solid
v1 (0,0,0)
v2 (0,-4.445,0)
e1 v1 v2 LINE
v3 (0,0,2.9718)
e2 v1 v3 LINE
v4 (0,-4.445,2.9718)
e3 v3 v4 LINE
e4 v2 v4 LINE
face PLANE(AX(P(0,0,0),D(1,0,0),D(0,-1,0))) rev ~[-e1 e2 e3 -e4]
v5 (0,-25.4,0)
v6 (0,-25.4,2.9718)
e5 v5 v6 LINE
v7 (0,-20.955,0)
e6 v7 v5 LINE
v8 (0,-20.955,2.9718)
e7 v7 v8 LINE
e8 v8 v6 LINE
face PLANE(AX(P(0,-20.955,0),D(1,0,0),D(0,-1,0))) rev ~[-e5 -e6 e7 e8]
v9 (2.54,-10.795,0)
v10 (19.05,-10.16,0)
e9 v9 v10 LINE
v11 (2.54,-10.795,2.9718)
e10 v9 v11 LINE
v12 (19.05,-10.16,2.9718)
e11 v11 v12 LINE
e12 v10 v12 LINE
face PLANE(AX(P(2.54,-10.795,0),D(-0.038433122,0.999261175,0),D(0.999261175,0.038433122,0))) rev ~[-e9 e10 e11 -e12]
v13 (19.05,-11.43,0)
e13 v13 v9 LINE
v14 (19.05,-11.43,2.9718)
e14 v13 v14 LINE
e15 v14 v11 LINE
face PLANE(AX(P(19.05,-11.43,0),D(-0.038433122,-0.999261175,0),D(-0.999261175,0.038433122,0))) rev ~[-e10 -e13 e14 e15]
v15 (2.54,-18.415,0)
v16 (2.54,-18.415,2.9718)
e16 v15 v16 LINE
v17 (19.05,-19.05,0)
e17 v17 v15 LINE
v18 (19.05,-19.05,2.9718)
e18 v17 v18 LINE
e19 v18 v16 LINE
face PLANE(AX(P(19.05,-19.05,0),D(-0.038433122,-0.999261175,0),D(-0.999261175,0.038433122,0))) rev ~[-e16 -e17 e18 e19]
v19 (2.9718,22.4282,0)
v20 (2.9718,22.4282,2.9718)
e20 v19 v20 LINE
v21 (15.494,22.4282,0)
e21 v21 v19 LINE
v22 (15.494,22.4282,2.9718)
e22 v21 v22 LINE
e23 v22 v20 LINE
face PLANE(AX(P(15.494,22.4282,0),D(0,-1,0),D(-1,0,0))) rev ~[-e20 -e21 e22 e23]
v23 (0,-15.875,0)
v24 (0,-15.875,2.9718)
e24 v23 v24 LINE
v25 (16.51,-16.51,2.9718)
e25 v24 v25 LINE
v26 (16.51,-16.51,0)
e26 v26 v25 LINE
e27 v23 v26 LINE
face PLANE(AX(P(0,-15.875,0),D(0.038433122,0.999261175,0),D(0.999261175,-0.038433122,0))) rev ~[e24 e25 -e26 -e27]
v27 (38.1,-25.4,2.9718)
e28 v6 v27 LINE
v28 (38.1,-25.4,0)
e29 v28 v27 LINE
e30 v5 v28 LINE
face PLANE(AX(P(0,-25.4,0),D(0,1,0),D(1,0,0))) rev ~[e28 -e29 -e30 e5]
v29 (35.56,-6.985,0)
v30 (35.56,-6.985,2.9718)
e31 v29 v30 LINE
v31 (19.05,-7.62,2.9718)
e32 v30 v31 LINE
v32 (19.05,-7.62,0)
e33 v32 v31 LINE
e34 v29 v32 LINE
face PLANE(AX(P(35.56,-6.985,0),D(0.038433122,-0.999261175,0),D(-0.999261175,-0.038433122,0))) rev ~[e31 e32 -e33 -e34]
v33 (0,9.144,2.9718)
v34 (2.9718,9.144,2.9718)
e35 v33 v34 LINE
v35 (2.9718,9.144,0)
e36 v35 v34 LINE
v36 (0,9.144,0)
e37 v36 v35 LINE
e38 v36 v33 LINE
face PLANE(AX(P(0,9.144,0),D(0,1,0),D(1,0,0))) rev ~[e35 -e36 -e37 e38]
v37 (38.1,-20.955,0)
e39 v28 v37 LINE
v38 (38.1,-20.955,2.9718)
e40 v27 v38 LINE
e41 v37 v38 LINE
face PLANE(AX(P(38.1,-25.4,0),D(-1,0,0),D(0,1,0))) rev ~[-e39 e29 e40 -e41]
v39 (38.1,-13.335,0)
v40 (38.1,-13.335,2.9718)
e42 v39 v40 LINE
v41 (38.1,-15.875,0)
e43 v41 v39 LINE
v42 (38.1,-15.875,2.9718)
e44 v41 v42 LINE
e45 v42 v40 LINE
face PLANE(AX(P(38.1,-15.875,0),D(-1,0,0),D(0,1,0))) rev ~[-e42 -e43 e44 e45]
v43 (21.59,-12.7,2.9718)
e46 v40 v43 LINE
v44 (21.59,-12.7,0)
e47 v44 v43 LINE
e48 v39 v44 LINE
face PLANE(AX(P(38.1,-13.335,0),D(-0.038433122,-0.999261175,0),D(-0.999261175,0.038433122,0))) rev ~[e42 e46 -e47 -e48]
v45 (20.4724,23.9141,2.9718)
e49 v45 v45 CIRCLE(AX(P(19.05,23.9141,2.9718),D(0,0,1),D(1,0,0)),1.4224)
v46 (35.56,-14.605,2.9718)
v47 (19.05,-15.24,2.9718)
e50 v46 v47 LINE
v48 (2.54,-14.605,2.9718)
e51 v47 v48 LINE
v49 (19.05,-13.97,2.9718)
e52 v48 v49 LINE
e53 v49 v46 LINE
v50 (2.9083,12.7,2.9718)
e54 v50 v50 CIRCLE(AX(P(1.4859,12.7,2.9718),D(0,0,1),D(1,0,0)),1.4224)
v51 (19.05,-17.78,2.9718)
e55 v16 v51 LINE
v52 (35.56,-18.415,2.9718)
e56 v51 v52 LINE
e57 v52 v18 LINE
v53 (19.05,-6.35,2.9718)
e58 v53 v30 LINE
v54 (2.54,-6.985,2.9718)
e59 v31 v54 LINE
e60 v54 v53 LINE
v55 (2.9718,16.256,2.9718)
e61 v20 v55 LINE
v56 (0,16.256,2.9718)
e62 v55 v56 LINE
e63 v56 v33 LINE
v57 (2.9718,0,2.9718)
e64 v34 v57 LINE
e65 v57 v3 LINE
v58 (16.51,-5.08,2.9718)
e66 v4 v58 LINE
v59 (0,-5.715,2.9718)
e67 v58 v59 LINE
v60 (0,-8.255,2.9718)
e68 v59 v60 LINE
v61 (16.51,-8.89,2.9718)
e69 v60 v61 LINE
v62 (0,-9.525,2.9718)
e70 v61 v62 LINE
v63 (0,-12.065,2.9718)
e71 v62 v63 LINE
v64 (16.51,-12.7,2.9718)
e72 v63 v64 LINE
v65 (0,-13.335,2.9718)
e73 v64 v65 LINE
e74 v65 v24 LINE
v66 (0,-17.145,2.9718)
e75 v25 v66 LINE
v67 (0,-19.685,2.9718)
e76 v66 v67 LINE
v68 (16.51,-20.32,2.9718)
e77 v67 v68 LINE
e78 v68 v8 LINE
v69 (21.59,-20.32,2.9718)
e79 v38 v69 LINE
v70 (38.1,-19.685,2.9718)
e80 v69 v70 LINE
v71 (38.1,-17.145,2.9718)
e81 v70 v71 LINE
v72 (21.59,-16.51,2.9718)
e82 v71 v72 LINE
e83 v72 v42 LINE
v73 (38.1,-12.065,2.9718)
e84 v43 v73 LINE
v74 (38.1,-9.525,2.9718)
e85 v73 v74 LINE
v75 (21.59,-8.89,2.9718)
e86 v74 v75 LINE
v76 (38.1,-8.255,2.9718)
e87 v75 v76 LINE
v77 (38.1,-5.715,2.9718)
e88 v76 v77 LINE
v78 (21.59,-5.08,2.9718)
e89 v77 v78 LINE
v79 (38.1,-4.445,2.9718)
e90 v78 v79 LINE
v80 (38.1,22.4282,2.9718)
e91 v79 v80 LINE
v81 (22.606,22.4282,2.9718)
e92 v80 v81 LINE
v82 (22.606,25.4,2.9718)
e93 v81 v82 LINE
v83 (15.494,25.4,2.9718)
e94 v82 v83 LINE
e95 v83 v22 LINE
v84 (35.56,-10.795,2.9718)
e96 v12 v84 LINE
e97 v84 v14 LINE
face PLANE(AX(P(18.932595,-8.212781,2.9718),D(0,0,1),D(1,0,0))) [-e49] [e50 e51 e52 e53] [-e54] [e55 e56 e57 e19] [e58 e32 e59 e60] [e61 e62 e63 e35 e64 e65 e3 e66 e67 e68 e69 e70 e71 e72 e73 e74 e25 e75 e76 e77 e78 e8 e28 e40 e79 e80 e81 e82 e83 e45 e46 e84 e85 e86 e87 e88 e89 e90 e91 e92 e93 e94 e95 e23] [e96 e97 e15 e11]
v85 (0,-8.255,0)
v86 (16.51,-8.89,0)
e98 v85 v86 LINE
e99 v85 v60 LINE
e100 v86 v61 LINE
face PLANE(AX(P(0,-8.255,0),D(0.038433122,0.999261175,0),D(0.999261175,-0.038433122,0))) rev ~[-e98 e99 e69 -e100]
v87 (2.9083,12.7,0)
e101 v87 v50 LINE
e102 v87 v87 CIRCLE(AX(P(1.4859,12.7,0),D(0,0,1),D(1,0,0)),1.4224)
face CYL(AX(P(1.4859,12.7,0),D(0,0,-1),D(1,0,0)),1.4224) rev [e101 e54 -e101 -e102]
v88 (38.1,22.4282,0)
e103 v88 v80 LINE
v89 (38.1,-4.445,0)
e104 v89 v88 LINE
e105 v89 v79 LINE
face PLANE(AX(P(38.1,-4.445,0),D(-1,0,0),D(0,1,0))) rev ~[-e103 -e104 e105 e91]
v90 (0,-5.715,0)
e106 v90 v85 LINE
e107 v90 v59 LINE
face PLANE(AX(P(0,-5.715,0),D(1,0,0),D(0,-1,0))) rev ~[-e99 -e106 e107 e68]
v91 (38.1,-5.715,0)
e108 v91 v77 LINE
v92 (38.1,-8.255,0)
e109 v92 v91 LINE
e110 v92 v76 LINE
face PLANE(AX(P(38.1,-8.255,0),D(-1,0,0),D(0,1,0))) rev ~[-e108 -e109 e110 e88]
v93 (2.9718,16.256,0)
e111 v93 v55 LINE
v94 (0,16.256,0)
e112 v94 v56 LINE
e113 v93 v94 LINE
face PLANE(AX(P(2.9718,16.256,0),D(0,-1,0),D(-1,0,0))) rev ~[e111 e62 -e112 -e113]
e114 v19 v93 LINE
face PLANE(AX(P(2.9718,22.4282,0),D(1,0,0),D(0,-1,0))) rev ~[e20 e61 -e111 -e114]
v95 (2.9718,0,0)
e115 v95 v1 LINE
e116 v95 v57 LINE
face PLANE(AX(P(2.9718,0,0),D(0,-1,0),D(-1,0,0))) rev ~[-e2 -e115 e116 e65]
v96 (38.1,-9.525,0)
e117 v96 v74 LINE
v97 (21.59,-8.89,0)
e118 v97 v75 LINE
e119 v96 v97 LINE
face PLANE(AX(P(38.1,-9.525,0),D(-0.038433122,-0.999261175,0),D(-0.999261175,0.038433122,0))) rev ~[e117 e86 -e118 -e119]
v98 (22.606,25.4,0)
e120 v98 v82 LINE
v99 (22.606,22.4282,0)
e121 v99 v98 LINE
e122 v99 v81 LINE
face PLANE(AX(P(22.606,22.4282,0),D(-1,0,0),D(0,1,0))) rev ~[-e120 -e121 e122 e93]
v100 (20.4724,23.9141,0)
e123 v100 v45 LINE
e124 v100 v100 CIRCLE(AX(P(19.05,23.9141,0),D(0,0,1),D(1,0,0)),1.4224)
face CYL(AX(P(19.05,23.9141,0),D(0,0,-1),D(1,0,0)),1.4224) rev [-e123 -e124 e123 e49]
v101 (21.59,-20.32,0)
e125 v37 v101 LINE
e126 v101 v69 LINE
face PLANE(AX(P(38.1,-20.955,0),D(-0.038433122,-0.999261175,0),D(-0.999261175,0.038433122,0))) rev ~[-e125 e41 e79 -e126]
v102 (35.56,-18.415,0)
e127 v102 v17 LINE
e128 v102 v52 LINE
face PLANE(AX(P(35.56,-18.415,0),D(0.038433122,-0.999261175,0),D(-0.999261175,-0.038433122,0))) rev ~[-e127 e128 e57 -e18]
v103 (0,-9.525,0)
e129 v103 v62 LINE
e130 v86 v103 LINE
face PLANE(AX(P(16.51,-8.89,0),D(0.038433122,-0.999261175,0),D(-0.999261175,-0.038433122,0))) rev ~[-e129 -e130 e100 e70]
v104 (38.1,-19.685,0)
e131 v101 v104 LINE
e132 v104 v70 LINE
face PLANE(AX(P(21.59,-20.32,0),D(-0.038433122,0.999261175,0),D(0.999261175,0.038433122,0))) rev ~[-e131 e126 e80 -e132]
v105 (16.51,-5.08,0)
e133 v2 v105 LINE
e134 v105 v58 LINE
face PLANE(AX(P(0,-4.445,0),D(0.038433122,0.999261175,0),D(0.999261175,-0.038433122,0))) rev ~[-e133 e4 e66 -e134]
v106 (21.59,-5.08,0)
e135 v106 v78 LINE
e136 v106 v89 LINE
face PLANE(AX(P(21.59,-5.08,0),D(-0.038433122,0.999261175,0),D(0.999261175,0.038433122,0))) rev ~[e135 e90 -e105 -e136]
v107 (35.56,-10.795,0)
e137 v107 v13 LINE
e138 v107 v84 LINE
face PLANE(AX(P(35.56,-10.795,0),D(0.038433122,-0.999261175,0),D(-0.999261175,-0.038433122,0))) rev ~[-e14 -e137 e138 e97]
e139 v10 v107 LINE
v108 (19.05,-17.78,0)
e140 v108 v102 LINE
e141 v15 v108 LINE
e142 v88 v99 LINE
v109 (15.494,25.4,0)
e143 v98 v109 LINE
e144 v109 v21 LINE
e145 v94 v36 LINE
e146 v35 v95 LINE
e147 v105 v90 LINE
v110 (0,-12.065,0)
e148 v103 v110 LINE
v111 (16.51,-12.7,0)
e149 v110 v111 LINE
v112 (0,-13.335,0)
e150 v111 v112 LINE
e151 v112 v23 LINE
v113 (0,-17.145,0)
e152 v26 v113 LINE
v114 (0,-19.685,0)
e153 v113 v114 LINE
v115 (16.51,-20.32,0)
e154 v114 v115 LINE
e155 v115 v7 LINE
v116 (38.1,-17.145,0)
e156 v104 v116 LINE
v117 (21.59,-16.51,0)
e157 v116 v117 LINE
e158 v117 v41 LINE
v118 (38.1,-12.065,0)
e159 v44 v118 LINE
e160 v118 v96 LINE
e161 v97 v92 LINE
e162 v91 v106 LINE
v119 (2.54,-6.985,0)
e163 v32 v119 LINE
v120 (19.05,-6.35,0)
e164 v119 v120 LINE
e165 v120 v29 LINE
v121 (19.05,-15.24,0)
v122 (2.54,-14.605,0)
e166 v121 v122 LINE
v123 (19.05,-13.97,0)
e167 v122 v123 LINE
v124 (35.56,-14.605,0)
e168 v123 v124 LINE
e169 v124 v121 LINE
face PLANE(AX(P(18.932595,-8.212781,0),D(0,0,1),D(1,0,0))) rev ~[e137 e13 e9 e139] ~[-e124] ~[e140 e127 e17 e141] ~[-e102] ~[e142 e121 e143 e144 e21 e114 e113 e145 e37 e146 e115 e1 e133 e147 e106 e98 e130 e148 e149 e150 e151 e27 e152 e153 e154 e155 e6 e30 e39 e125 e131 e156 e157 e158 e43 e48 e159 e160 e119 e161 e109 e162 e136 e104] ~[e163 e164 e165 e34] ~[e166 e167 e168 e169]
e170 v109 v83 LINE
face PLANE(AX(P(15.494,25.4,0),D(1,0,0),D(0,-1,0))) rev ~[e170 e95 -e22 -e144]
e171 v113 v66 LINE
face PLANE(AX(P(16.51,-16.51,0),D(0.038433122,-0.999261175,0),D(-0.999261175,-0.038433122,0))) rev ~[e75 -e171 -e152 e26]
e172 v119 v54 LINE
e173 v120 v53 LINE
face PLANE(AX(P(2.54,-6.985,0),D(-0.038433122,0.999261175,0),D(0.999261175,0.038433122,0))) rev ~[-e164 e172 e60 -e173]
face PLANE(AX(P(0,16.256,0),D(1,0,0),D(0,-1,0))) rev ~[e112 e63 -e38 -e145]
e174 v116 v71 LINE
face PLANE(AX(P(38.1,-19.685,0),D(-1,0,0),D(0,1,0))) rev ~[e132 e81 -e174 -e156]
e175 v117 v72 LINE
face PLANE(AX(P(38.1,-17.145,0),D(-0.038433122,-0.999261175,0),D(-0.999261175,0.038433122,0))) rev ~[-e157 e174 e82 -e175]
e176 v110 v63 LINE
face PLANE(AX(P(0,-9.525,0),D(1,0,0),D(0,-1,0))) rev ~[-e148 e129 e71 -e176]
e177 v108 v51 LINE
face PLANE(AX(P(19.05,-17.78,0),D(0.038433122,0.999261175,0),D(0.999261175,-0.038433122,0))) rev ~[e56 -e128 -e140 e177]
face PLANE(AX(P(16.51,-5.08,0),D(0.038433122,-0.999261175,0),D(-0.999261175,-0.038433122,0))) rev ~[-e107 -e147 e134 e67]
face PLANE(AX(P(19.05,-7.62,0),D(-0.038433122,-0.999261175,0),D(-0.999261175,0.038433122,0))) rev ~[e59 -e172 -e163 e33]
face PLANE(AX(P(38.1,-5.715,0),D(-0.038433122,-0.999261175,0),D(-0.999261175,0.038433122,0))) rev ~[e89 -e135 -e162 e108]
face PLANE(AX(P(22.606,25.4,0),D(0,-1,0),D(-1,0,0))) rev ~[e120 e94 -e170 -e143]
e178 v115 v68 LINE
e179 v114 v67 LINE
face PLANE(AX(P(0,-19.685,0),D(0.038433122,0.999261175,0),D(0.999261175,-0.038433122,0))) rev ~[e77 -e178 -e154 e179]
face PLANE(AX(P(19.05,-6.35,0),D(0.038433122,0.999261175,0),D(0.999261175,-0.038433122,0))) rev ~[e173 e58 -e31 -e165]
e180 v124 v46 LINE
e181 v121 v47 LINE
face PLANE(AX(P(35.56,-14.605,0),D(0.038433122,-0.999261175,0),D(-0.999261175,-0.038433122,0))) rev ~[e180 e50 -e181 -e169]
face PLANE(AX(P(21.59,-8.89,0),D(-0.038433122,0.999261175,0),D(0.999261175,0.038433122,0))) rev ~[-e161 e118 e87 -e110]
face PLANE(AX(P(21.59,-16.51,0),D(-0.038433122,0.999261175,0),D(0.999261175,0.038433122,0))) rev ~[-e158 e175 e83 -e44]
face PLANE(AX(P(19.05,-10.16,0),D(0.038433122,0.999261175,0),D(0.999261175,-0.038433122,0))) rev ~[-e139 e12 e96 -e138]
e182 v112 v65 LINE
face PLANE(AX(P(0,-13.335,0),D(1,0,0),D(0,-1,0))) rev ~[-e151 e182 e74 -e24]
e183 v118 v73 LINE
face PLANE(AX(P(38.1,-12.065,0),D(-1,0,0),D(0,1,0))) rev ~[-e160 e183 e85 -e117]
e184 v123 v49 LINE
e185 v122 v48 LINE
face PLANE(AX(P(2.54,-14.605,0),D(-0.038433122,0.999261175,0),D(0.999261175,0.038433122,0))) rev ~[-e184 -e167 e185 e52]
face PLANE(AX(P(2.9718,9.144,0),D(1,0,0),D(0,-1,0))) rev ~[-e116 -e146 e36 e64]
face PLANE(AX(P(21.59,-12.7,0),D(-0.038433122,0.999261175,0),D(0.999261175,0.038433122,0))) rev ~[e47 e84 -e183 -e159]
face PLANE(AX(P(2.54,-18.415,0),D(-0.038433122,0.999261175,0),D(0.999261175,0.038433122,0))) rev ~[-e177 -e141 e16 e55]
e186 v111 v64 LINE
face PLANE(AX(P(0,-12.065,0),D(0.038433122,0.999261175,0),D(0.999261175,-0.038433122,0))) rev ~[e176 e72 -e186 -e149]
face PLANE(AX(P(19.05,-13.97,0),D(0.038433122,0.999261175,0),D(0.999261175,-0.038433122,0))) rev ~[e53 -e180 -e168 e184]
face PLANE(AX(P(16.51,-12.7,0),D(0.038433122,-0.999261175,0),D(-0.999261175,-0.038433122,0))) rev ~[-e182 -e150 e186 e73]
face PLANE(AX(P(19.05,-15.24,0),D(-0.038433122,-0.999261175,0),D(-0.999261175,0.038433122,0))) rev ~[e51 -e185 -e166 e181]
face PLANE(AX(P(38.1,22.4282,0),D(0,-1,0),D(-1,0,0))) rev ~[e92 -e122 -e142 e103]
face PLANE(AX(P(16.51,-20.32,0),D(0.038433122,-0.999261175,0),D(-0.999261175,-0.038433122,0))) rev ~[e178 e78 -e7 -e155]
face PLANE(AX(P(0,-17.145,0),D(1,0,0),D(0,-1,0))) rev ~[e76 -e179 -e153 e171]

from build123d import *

# Parameters (mm, degrees)
SKETCH1_R           = 1.4224
BOSS_EXTRUDE7_DEPTH = 2.9718


with BuildPart() as part:
    # Sketch1 → Boss-Extrude7 (new body)
    with BuildSketch(Plane.XY):
        Polygon((15.494, 22.4282), (2.9718, 22.4282), (2.9718, 16.256), (0, 16.256), (0, 9.144), (2.9718, 9.144), (2.9718, 0), (0, 0), (0, -4.445), (16.51, -5.08), (0, -5.715), (0, -8.255), (16.51, -8.89), (0, -9.525), (0, -12.065), (16.51, -12.7), (0, -13.335), (0, -15.875), (16.51, -16.51), (0, -17.145), (0, -19.685), (16.51, -20.32), (0, -20.955), (0, -25.4), (38.1, -25.4), (38.1, -20.955), (21.59, -20.32), (38.1, -19.685), (38.1, -17.145), (21.59, -16.51), (38.1, -15.875), (38.1, -13.335), (21.59, -12.7), (38.1, -12.065), (38.1, -9.525), (21.59, -8.89), (38.1, -8.255), (38.1, -5.715), (21.59, -5.08), (38.1, -4.445), (38.1, 22.4282), (22.606, 22.4282), (22.606, 25.4), (15.494, 25.4), align=None)
        with Locations((1.4859, 12.7)):
            Circle(SKETCH1_R, mode=Mode.SUBTRACT)
        with Locations((19.05, 23.9141)):
            Circle(SKETCH1_R, mode=Mode.SUBTRACT)
        Polygon((2.54, -6.985), (19.05, -6.35), (35.56, -6.985), (19.05, -7.62), align=None, mode=Mode.SUBTRACT)
        Polygon((19.05, -19.05), (2.54, -18.415), (19.05, -17.78), (35.56, -18.415), align=None, mode=Mode.SUBTRACT)
        Polygon((19.05, -13.97), (35.56, -14.605), (19.05, -15.24), (2.54, -14.605), align=None, mode=Mode.SUBTRACT)
        Polygon((19.05, -10.16), (35.56, -10.795), (19.05, -11.43), (2.54, -10.795), align=None, mode=Mode.SUBTRACT)
    extrude(amount=BOSS_EXTRUDE7_DEPTH)


solid = part.part
